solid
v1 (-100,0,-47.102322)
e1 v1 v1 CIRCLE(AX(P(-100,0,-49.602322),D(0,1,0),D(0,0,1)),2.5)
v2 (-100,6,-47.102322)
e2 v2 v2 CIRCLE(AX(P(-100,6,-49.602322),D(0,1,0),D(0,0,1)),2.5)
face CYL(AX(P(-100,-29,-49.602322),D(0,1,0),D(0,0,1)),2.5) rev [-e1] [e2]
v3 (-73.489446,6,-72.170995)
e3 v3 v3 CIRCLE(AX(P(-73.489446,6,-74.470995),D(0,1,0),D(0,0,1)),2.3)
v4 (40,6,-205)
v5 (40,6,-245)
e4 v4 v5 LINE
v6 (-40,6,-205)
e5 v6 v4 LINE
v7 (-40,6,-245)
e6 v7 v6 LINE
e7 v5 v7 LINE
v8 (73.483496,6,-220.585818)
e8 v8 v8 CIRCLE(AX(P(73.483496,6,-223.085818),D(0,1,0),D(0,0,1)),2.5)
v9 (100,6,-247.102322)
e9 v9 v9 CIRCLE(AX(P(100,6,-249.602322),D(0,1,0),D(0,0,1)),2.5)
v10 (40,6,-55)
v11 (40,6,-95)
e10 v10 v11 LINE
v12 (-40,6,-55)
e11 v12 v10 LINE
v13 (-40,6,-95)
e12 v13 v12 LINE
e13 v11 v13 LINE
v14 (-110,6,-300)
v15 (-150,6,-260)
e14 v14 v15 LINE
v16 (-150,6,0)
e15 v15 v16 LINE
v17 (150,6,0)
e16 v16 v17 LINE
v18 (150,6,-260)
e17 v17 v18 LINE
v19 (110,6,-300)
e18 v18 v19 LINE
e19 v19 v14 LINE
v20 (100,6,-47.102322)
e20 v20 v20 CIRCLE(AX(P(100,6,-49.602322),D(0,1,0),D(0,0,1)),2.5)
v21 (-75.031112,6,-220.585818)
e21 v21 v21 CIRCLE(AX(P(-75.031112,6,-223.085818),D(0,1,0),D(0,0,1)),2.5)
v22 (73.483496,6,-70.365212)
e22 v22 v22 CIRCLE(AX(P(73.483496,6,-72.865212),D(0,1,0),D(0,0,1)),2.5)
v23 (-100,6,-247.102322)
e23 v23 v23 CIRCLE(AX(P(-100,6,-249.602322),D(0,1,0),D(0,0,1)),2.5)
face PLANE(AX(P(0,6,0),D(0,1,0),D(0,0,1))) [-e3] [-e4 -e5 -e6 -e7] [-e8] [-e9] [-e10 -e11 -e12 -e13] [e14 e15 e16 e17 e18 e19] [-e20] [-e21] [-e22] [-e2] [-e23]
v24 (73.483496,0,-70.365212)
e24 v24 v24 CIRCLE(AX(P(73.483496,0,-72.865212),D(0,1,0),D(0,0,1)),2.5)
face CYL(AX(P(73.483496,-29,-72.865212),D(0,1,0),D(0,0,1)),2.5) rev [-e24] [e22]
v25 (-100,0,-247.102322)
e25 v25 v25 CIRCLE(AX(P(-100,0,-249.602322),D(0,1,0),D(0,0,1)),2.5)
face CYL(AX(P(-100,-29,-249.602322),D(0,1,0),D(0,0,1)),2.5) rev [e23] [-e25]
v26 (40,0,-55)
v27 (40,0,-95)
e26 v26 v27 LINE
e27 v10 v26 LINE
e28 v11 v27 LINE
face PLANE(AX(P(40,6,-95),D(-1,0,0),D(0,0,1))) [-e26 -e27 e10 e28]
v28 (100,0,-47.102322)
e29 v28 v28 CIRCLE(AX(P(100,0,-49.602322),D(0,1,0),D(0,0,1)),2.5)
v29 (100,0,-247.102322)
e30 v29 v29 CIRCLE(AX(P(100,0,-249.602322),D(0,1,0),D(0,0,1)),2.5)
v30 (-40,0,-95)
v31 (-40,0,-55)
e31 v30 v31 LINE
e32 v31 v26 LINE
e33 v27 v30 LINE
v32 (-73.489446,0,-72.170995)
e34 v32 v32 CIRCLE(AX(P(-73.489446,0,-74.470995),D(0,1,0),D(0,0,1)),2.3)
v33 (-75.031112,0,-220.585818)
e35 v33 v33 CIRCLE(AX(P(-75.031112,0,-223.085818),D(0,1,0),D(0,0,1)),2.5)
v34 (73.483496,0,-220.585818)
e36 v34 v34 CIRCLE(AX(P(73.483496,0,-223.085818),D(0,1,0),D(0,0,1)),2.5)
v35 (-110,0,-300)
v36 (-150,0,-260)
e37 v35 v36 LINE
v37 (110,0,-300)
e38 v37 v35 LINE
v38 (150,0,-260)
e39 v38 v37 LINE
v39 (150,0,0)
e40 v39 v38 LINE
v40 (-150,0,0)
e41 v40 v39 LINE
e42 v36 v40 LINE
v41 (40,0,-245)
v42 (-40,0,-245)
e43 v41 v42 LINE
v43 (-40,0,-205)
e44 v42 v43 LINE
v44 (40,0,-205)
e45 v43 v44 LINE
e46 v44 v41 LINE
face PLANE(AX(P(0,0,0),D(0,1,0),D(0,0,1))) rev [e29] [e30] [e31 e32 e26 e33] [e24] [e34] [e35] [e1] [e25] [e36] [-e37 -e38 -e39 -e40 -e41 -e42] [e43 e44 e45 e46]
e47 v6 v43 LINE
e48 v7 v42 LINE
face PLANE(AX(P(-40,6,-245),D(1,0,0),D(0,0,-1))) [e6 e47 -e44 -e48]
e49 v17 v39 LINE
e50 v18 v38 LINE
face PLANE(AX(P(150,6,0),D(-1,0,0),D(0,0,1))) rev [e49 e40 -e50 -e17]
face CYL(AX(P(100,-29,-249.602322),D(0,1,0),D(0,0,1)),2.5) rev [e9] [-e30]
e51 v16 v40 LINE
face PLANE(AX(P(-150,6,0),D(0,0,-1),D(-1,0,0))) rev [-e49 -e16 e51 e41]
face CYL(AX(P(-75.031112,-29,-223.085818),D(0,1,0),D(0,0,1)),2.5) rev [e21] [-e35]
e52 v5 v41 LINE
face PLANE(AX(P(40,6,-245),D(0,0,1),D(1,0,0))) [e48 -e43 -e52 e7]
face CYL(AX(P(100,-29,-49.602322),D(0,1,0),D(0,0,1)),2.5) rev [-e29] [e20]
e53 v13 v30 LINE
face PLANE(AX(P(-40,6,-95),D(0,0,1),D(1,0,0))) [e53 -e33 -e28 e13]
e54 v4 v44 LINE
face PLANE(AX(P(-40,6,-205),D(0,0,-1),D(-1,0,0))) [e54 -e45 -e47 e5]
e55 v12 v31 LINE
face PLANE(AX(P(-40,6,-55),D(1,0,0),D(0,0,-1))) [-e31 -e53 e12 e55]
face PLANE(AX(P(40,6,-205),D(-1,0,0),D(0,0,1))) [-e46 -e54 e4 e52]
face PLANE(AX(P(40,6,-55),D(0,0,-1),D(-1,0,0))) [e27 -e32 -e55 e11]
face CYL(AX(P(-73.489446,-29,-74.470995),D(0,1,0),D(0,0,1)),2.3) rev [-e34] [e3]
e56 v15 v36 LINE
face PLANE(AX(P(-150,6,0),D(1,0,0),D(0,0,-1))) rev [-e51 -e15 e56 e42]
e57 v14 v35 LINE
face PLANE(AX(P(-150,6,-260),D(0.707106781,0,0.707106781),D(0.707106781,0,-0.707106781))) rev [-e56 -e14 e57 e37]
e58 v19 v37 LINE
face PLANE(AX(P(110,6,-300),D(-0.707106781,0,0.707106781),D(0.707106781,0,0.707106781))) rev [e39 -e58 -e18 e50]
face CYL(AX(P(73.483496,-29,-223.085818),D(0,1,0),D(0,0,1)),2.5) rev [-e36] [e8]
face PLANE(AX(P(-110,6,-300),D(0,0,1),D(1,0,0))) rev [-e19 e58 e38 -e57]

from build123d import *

# Parameters (mm, degrees)
ESQUISSE1_W              = 80
ESQUISSE1_H              = 40
BOSS_EXTRU_1_DEPTH       = 6
ESQUISSE9_R              = 2.5
ESQUISSE9_R_2            = 2.3
ENL_V_MAT_EXTRU_12_DEPTH = 35


with BuildPart() as part:
    # Esquisse1 → Boss.-Extru.1 (new body)
    with BuildSketch(Plane(origin=(0, 0, 0), x_dir=(1, 0, 0), z_dir=(0, 1, 0))):
        Polygon((-150, 0), (-150, 260), (-110, 300), (110, 300), (150, 260), (150, 0), align=None)
        with Locations((0, 75)):
            Rectangle(ESQUISSE1_W, ESQUISSE1_H, mode=Mode.SUBTRACT)
        with Locations((0, 225)):
            Rectangle(ESQUISSE1_W, ESQUISSE1_H, mode=Mode.SUBTRACT)
    extrude(amount=BOSS_EXTRU_1_DEPTH)

    # Esquisse9 → Enlèv. mat.-Extru.12 (cut)
    with BuildSketch(Plane(origin=(0, 6, 0), x_dir=(1, 0, 0), z_dir=(0, 1, 0))):
        with Locations(Location((-100, 249.602322281, 0), (0, 0, 270))):
            Circle(ESQUISSE9_R)
        with Locations(Location((-75.031111773, 223.085817986, 0), (0, 0, 270))):
            Circle(ESQUISSE9_R)
        with Locations(Location((73.483495706, 223.085817986, 0), (0, 0, 270))):
            Circle(ESQUISSE9_R)
        with Locations(Location((100, 249.602322281, 0), (0, 0, 270))):
            Circle(ESQUISSE9_R)
        with Locations(Location((73.483495706, 72.865212221, 0), (0, 0, 270))):
            Circle(ESQUISSE9_R)
        with Locations(Location((100, 49.602322281, 0), (0, 0, 270))):
            Circle(ESQUISSE9_R)
        with Locations(Location((-73.489446443, 74.470995042, 0), (0, 0, 270))):
            Circle(ESQUISSE9_R_2)
        with Locations(Location((-100, 49.602322281, 0), (0, 0, 270))):
            Circle(ESQUISSE9_R)
    extrude(amount=-ENL_V_MAT_EXTRU_12_DEPTH, mode=Mode.SUBTRACT)


solid = part.part
